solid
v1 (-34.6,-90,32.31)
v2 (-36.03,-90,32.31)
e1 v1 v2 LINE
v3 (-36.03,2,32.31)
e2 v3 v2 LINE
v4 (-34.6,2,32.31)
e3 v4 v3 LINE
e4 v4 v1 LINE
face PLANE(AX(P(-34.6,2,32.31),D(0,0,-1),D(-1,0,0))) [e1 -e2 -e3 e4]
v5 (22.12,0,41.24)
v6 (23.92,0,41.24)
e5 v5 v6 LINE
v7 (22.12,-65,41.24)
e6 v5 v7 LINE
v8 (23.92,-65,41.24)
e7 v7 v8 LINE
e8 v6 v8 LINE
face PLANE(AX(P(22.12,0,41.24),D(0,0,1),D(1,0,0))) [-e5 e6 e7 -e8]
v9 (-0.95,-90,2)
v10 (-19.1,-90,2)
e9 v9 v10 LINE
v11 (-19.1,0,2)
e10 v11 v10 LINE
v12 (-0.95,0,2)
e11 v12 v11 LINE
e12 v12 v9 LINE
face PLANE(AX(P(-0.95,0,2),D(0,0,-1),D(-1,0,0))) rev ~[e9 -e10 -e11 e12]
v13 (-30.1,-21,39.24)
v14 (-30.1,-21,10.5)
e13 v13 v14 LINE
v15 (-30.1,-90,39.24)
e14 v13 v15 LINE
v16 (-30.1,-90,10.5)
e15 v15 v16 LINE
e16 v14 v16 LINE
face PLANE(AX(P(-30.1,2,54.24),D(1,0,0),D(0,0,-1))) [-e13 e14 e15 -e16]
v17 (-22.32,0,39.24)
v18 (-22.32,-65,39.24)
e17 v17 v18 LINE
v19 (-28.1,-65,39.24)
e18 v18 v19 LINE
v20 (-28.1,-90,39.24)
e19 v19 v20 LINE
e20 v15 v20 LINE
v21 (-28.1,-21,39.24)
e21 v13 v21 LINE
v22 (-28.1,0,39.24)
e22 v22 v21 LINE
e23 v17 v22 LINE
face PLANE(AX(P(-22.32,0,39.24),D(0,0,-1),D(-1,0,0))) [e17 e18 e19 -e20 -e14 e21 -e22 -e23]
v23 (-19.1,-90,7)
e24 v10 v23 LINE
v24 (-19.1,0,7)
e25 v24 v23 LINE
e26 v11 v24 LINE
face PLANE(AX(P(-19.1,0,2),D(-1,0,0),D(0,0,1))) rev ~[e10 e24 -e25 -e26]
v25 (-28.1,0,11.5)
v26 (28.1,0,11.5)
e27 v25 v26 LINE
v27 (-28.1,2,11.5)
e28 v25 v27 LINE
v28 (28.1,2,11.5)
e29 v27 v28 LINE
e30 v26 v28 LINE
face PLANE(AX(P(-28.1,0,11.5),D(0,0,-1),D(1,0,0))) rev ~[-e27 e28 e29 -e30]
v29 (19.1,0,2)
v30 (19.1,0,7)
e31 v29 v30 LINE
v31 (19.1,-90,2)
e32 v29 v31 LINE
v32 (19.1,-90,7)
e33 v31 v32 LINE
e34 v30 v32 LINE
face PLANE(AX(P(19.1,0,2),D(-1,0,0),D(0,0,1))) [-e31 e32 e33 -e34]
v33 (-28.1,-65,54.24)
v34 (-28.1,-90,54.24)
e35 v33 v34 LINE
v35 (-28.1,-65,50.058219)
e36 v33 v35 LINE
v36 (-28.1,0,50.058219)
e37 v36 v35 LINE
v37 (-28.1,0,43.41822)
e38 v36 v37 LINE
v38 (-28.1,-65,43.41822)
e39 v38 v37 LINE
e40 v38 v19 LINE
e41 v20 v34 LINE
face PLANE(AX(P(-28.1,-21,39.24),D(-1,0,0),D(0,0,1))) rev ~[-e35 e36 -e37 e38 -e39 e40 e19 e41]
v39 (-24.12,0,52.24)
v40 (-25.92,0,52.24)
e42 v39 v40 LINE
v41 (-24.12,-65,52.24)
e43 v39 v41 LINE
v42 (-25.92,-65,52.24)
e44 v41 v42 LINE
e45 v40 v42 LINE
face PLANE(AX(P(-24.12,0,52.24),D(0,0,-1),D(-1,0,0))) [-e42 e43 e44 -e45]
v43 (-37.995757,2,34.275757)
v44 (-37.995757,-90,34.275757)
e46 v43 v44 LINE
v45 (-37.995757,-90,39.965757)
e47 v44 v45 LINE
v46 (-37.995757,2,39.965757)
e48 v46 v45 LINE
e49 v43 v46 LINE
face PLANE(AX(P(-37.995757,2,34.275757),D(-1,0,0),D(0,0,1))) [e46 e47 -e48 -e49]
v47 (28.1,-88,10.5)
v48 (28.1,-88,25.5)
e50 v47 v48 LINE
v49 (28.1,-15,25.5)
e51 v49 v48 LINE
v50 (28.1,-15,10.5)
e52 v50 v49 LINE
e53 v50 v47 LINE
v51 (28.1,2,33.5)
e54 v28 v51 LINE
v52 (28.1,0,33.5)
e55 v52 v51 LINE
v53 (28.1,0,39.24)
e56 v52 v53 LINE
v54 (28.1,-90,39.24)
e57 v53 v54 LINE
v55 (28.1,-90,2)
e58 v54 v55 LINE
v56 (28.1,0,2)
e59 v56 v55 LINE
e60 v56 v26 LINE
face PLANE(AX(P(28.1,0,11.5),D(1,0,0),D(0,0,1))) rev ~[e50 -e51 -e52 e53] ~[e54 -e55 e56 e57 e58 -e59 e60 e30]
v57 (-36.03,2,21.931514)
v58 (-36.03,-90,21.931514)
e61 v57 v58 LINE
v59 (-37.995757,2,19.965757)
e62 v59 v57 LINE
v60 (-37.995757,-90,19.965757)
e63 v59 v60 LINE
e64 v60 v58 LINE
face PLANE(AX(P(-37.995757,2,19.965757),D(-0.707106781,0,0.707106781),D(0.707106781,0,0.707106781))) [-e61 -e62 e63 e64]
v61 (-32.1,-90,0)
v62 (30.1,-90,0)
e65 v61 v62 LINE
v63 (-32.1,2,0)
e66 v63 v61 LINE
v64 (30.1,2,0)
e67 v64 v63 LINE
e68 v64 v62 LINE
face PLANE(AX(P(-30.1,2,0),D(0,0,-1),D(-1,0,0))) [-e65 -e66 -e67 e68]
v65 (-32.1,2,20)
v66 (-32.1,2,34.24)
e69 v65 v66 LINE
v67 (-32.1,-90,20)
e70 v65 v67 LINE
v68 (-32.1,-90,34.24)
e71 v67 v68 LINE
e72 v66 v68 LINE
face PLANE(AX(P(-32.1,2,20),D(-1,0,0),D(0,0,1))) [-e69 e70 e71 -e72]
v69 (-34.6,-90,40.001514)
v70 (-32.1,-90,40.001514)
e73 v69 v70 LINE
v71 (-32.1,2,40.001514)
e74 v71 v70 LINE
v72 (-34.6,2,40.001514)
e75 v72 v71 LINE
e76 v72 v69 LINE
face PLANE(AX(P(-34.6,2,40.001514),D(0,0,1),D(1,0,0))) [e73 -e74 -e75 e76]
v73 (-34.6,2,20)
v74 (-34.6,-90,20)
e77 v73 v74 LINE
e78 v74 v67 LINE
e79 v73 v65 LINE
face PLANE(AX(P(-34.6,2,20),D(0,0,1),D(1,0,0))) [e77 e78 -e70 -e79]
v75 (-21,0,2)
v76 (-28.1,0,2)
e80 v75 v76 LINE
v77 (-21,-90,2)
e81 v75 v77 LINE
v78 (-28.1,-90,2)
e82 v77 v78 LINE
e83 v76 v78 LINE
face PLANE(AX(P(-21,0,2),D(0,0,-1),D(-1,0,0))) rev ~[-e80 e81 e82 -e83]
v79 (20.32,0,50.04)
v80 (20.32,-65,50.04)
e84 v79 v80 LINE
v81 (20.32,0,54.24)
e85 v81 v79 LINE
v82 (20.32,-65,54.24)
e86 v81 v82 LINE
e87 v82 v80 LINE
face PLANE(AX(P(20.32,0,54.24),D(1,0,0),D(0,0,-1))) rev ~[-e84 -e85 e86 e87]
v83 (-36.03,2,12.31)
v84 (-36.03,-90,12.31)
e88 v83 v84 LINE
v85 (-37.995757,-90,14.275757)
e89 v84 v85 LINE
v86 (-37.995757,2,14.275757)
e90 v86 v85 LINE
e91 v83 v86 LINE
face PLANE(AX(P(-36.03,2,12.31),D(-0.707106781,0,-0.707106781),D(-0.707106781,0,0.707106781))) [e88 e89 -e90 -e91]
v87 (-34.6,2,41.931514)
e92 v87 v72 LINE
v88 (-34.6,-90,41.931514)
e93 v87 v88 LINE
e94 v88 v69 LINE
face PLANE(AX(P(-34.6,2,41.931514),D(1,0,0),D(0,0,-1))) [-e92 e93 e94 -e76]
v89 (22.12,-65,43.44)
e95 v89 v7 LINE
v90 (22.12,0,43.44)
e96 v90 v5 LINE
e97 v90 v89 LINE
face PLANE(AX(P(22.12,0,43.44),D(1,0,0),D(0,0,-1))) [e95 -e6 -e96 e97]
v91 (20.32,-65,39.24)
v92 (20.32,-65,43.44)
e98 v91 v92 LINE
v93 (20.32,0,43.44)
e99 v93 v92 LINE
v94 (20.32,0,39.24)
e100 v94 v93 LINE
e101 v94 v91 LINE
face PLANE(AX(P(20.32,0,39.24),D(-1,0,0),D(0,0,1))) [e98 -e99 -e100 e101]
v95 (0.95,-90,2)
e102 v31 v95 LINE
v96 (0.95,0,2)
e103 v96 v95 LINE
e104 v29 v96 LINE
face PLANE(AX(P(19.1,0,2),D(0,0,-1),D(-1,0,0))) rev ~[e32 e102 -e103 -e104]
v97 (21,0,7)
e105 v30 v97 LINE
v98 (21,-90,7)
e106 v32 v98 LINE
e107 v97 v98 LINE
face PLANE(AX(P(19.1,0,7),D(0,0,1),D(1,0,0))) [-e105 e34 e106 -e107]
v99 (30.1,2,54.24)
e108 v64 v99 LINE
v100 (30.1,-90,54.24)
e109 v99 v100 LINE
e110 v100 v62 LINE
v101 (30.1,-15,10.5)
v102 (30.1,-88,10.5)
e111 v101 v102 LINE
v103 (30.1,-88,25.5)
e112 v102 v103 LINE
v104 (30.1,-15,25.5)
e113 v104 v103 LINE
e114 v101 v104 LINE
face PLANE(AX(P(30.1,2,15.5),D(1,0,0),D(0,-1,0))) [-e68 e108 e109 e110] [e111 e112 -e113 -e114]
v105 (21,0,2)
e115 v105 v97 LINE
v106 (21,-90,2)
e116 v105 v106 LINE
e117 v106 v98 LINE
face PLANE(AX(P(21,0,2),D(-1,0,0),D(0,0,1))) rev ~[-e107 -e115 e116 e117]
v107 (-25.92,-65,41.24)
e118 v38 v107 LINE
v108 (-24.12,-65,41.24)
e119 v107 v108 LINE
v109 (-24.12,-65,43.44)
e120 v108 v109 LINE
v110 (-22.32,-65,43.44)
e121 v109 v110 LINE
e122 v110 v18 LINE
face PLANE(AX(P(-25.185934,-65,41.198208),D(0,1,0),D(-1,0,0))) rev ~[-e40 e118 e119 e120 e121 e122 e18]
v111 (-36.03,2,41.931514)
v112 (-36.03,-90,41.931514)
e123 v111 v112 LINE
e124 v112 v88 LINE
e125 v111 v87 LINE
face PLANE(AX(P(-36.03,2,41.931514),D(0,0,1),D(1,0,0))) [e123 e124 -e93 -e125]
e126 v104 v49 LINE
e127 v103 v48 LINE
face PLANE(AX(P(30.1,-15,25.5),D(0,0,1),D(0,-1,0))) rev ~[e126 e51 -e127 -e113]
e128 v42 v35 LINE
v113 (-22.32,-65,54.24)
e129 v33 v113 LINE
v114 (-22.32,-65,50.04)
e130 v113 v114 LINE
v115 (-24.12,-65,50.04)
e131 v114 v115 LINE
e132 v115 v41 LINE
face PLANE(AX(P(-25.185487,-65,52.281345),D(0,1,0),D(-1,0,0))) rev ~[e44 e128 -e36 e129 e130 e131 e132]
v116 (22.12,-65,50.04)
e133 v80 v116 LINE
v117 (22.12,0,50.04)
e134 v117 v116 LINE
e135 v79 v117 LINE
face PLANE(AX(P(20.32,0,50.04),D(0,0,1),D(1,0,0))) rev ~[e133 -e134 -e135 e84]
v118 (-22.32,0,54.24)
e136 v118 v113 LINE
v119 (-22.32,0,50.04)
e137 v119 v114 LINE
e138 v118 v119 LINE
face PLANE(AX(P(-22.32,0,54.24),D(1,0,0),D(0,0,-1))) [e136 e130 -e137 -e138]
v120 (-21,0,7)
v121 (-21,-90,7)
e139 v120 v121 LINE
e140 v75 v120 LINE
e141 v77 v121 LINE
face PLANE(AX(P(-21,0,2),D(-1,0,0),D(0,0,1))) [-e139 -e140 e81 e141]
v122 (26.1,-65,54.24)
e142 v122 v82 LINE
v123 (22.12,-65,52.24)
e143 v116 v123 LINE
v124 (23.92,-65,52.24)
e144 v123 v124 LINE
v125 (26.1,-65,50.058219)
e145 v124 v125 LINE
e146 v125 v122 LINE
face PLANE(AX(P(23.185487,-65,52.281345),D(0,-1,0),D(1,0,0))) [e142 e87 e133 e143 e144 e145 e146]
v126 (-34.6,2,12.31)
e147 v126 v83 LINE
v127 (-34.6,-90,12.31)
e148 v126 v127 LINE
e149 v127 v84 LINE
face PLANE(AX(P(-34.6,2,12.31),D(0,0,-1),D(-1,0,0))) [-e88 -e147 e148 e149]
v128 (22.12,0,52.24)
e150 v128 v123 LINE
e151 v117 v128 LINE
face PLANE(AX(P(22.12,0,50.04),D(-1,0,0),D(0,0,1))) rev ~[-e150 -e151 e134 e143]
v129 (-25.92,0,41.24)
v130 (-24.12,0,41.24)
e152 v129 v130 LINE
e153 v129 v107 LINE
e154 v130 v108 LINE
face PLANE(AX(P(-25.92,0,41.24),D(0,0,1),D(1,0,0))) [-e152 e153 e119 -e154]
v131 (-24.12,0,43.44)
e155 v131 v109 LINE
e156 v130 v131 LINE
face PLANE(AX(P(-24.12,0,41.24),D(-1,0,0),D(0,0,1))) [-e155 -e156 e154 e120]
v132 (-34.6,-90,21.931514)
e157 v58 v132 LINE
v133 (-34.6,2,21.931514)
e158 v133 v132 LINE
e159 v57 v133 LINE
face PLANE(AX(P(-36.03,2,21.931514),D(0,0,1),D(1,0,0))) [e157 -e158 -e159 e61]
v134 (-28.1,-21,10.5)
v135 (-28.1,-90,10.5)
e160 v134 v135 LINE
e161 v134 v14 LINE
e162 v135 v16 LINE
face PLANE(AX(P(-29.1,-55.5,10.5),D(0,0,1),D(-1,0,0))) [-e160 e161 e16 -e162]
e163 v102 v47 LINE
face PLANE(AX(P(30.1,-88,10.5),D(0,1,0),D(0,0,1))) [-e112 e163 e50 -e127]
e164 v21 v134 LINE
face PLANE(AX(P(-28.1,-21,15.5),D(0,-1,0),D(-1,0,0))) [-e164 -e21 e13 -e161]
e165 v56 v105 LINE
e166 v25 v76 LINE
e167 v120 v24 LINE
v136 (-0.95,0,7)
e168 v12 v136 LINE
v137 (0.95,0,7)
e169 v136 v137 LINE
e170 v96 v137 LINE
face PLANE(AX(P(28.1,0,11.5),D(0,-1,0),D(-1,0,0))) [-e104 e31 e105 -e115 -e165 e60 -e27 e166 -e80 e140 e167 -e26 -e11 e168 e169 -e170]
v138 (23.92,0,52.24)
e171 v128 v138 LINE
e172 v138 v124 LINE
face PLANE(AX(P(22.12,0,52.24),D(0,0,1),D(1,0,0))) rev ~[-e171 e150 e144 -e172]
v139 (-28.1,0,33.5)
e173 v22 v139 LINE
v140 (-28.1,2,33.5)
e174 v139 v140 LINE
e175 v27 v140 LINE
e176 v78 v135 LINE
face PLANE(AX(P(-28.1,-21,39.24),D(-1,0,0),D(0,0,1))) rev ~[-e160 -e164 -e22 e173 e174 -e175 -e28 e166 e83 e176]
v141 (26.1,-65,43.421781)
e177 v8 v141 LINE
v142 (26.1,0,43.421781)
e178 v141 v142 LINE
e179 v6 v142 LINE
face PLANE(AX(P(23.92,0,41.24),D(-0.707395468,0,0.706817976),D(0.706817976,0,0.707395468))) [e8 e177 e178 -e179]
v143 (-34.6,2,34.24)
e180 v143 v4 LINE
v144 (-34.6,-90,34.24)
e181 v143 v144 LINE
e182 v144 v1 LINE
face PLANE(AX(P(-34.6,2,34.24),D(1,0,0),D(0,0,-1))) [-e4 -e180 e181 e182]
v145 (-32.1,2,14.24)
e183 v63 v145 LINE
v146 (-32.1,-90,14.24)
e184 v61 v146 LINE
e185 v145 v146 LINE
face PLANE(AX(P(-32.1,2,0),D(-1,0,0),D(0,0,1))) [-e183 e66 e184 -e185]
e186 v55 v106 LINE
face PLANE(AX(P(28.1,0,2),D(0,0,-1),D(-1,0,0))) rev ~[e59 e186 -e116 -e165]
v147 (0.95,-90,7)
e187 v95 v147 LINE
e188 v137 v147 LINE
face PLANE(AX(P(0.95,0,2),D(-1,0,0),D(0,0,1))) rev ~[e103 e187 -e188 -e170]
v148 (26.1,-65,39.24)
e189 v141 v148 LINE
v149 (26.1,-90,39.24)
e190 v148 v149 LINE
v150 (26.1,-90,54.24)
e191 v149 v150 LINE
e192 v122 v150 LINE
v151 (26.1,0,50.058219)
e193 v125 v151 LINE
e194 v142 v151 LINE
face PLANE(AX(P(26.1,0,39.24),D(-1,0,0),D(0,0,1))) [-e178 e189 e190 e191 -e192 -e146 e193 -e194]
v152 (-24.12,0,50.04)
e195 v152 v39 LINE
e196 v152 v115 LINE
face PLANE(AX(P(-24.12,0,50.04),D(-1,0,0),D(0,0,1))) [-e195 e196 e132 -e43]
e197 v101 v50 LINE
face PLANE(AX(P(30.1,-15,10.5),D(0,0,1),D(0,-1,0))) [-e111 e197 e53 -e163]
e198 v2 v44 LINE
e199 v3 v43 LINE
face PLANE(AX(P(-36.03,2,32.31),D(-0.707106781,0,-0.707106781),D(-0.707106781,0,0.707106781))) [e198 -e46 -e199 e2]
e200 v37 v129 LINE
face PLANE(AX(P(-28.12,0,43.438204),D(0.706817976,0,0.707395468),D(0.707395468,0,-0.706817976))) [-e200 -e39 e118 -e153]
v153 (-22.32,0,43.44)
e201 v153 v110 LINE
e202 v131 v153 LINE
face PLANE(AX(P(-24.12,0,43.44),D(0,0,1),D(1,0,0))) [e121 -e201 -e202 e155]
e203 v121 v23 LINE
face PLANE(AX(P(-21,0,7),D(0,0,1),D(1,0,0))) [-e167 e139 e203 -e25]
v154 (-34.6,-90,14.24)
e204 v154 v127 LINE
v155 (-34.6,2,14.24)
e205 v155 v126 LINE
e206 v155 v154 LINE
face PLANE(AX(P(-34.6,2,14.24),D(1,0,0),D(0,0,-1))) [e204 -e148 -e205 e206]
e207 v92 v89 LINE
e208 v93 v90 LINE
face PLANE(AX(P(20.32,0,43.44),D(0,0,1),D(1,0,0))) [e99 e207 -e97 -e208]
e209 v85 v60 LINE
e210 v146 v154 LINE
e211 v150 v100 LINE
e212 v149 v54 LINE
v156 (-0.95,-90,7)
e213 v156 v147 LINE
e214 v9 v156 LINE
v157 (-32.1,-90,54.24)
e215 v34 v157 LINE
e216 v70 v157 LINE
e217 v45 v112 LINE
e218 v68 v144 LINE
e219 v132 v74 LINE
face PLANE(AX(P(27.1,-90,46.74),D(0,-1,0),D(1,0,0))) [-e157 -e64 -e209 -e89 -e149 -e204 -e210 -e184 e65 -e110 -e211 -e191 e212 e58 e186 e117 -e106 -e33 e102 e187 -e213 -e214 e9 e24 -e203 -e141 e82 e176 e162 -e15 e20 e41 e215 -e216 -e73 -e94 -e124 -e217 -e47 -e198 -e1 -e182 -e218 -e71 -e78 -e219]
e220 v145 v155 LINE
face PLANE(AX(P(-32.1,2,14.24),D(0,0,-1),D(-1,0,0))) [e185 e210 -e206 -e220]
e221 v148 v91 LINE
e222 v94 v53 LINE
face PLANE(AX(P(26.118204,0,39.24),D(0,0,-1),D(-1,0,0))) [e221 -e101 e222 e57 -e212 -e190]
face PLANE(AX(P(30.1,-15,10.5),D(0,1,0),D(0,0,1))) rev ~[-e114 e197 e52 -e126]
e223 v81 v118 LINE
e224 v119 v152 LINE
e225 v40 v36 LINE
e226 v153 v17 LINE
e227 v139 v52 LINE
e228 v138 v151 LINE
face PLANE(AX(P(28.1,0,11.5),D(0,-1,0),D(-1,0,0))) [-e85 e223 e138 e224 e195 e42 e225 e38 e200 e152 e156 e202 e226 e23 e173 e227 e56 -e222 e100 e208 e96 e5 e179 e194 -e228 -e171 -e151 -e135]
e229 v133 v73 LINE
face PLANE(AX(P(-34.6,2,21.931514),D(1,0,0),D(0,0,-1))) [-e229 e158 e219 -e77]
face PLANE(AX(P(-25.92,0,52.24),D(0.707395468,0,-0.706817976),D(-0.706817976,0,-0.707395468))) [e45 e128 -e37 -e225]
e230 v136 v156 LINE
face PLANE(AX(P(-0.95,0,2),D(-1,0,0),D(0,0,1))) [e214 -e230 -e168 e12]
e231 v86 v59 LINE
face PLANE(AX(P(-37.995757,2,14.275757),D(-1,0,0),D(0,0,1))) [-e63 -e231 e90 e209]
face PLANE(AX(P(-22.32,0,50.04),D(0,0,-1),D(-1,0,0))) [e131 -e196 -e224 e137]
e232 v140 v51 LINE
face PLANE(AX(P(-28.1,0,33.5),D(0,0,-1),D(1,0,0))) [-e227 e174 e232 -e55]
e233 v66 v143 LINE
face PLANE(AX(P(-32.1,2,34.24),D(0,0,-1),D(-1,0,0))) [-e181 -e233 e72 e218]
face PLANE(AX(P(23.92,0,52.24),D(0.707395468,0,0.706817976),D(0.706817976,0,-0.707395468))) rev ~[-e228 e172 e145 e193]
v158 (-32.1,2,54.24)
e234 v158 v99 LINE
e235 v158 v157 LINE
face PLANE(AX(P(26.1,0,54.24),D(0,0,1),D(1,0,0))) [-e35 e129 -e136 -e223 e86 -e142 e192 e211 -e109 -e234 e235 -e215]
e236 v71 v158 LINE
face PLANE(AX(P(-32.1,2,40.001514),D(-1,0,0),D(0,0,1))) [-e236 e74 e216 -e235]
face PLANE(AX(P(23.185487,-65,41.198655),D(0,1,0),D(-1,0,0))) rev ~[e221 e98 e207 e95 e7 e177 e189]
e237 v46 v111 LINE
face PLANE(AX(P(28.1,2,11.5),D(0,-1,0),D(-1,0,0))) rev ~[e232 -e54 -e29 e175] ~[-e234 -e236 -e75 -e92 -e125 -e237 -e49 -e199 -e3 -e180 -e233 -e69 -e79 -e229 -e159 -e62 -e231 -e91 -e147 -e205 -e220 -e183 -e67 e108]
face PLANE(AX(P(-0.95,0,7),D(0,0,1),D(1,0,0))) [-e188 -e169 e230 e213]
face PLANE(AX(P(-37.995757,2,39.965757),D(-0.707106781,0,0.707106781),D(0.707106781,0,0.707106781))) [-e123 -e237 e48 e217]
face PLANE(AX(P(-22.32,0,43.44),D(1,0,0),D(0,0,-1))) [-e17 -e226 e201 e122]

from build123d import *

# Parameters (mm, degrees)
SKETCH_W        = 1.9
SKETCH_H        = 5
PAD_DEPTH       = 90
SKETCH001_W     = 2
SKETCH001_H     = 69
SKETCH001_H_2   = 73
POCKET_DEPTH    = 5
SKETCH002_W     = 60.2
SKETCH002_H     = 11.5
PAD001_DEPTH    = 2
SKETCH004_W     = 2
SKETCH004_H     = 2
PAD002_DEPTH    = 4
PAD003_DEPTH    = 92
SKETCH006_W     = 2
SKETCH006_H     = 73
PAD004_DEPTH    = 5
SKETCH007_W     = 2
SKETCH007_H     = 92
PAD005_DEPTH    = 38.74
SKETCH008_W     = 15
SKETCH008_H     = 73
POCKET001_DEPTH = 2
SKETCH009_W     = 2
SKETCH009_H     = 23
PAD006_DEPTH    = 38.74
SKETCH010_W     = 56.2
SKETCH010_H     = 2
PAD007_DEPTH    = 42.74
SKETCH011_W     = 56.2
SKETCH011_H     = 22
POCKET002_DEPTH = 2
SKETCH012_W     = 2
SKETCH012_H     = 15
PAD008_DEPTH    = 69
SKETCH013_W     = 2
SKETCH013_H     = 15
PAD009_DEPTH    = 90
PAD010_DEPTH    = 65


with BuildPart() as part:
    # Sketch → Pad (new body)
    with BuildSketch(Plane.XZ):
        Polygon((-30.1, 0), (30.1, 0), (30.1, 15.5), (28.1, 15.5), (28.1, 2), (-28.1, 2), (-28.1, 15.5), (-30.1, 15.5), align=None)
        with Locations((0, 4.5)):
            Rectangle(SKETCH_W, SKETCH_H)
        with Locations((-20.05, 4.5)):
            Rectangle(SKETCH_W, SKETCH_H)
        with Locations((20.05, 4.5)):
            Rectangle(SKETCH_W, SKETCH_H)
    extrude(amount=PAD_DEPTH)

    # Sketch001 (on Face3 of Pad) → Pocket (cut)
    with BuildSketch(Plane(origin=(0, 0, 15.5), x_dir=(-1, 0, 0), z_dir=(0, 0, 1))):
        with Locations((29.1, 55.5)):
            Rectangle(SKETCH001_W, SKETCH001_H)
        with Locations((-29.1, 53.5)):
            Rectangle(SKETCH001_W, SKETCH001_H_2)
    extrude(amount=-POCKET_DEPTH, mode=Mode.SUBTRACT)

    # Sketch002 (on Face2 of Pocket) → Pad001 (join)
    with BuildSketch(Plane(origin=(0, 0, 0), x_dir=(1, 0, 0), z_dir=(0, 1, 0))):
        with Locations((0, -5.75)):
            Rectangle(SKETCH002_W, SKETCH002_H)
    extrude(amount=PAD001_DEPTH)

    # Sketch004 → Pad002 (join)
    with BuildSketch(Plane(origin=(0, 0, 11.5), x_dir=(-1, 0, 0), z_dir=(0, 0, 1))):
        with Locations((-29.1, -1)):
            Rectangle(SKETCH004_W, SKETCH004_H)
        with Locations((29.1, -1)):
            Rectangle(SKETCH004_W, SKETCH004_H)
    extrude(amount=PAD002_DEPTH)

    # Sketch005 (on Face26 of Pad002) → Pad003 (join)
    with BuildSketch(Plane(origin=(0, 2, 0), x_dir=(1, 0, 0), z_dir=(0, 1, 0))):
        Polygon((-30.1, -54.24), (-30.1, 0), (-32.1, 0), (-32.1, -14.24), (-34.6, -14.24), (-34.6, -12.31), (-36.03, -12.31), (-37.995757, -14.275757), (-37.995757, -19.965757), (-36.03, -21.931514), (-34.6, -21.931514), (-34.6, -20), (-32.1, -20), (-32.1, -34.24), (-34.6, -34.24), (-34.6, -32.31), (-36.03, -32.31), (-37.995757, -34.275757), (-37.995757, -39.965757), (-36.03, -41.931514), (-34.6, -41.931514), (-34.6, -40.001514), (-32.1, -40.001514), (-32.1, -54.24), align=None)
    extrude(amount=-PAD003_DEPTH)

    # Sketch006 (on Face46 of Pad003) → Pad004 (join)
    with BuildSketch(Plane(origin=(0, 0, 10.5), x_dir=(-1, 0, 0), z_dir=(0, 0, 1))):
        with Locations((-29.1, 53.5)):
            Rectangle(SKETCH006_W, SKETCH006_H)
    extrude(amount=PAD004_DEPTH)

    # Sketch007 (on Face48 of Pad004) → Pad005 (join)
    with BuildSketch(Plane(origin=(0, 0, 15.5), x_dir=(-1, 0, 0), z_dir=(0, 0, 1))):
        with Locations((-29.1, 44)):
            Rectangle(SKETCH007_W, SKETCH007_H)
    extrude(amount=PAD005_DEPTH)

    # Sketch008 (on Face48 of Pad005) → Pocket001 (cut)
    with BuildSketch(Plane(origin=(30.1, 0, 0), x_dir=(0, 0, 1), z_dir=(1, 0, 0))):
        with Locations((18, 51.5)):
            Rectangle(SKETCH008_W, SKETCH008_H)
    extrude(amount=-POCKET001_DEPTH, mode=Mode.SUBTRACT)

    # Sketch009 (on Face51 of Pocket001) → Pad006 (join)
    with BuildSketch(Plane(origin=(0, 0, 15.5), x_dir=(-1, 0, 0), z_dir=(0, 0, 1))):
        with Locations((29.1, 9.5)):
            Rectangle(SKETCH009_W, SKETCH009_H)
    extrude(amount=PAD006_DEPTH)

    # Sketch010 (on Face17 of Pad006) → Pad007 (join)
    with BuildSketch(Plane(origin=(0, 0, 11.5), x_dir=(-1, 0, 0), z_dir=(0, 0, 1))):
        with Locations((0, -1)):
            Rectangle(SKETCH010_W, SKETCH010_H)
    extrude(amount=PAD007_DEPTH)

    # Sketch011 (on Face47 of Pad007) → Pocket002 (cut)
    with BuildSketch(Plane.XZ):
        with Locations((0, 22.5)):
            Rectangle(SKETCH011_W, SKETCH011_H)
    extrude(amount=-POCKET002_DEPTH, mode=Mode.SUBTRACT)

    # Sketch012 (on Face49 of Pocket002) → Pad008 (join)
    with BuildSketch(Plane.XZ.offset(21)):
        with Locations((-29.1, 46.74)):
            Rectangle(SKETCH012_W, SKETCH012_H)
    extrude(amount=PAD008_DEPTH)

    # Sketch013 (on Face22 of Pad008) → Pad009 (join)
    with BuildSketch(Plane.XZ):
        with Locations((27.1, 46.74)):
            Rectangle(SKETCH013_W, SKETCH013_H)
    extrude(amount=PAD009_DEPTH)

    # Sketch014 (on Face44 of Pad009) → Pad010 (join)
    with BuildSketch(Plane.XZ):
        Polygon((20.32, 39.24), (20.32, 43.44), (22.12, 43.44), (22.12, 41.24), (23.92, 41.24), (26.118204, 43.44), (26.118204, 39.24), align=None)
        Polygon((20.32, 54.24), (20.32, 50.04), (22.12, 50.04), (22.12, 52.24), (23.92, 52.24), (26.118204, 50.04), (26.118204, 54.24), align=None)
        Polygon((-22.32, 43.44), (-22.32, 39.24), (-28.12, 39.24), (-28.12, 43.438204), (-25.92, 41.24), (-24.12, 41.24), (-24.12, 43.44), align=None)
        Polygon((-22.32, 54.24), (-22.32, 50.04), (-24.12, 50.04), (-24.12, 52.24), (-25.92, 52.24), (-28.118204, 50.04), (-28.118204, 54.24), align=None)
    extrude(amount=PAD010_DEPTH)


solid = part.part
